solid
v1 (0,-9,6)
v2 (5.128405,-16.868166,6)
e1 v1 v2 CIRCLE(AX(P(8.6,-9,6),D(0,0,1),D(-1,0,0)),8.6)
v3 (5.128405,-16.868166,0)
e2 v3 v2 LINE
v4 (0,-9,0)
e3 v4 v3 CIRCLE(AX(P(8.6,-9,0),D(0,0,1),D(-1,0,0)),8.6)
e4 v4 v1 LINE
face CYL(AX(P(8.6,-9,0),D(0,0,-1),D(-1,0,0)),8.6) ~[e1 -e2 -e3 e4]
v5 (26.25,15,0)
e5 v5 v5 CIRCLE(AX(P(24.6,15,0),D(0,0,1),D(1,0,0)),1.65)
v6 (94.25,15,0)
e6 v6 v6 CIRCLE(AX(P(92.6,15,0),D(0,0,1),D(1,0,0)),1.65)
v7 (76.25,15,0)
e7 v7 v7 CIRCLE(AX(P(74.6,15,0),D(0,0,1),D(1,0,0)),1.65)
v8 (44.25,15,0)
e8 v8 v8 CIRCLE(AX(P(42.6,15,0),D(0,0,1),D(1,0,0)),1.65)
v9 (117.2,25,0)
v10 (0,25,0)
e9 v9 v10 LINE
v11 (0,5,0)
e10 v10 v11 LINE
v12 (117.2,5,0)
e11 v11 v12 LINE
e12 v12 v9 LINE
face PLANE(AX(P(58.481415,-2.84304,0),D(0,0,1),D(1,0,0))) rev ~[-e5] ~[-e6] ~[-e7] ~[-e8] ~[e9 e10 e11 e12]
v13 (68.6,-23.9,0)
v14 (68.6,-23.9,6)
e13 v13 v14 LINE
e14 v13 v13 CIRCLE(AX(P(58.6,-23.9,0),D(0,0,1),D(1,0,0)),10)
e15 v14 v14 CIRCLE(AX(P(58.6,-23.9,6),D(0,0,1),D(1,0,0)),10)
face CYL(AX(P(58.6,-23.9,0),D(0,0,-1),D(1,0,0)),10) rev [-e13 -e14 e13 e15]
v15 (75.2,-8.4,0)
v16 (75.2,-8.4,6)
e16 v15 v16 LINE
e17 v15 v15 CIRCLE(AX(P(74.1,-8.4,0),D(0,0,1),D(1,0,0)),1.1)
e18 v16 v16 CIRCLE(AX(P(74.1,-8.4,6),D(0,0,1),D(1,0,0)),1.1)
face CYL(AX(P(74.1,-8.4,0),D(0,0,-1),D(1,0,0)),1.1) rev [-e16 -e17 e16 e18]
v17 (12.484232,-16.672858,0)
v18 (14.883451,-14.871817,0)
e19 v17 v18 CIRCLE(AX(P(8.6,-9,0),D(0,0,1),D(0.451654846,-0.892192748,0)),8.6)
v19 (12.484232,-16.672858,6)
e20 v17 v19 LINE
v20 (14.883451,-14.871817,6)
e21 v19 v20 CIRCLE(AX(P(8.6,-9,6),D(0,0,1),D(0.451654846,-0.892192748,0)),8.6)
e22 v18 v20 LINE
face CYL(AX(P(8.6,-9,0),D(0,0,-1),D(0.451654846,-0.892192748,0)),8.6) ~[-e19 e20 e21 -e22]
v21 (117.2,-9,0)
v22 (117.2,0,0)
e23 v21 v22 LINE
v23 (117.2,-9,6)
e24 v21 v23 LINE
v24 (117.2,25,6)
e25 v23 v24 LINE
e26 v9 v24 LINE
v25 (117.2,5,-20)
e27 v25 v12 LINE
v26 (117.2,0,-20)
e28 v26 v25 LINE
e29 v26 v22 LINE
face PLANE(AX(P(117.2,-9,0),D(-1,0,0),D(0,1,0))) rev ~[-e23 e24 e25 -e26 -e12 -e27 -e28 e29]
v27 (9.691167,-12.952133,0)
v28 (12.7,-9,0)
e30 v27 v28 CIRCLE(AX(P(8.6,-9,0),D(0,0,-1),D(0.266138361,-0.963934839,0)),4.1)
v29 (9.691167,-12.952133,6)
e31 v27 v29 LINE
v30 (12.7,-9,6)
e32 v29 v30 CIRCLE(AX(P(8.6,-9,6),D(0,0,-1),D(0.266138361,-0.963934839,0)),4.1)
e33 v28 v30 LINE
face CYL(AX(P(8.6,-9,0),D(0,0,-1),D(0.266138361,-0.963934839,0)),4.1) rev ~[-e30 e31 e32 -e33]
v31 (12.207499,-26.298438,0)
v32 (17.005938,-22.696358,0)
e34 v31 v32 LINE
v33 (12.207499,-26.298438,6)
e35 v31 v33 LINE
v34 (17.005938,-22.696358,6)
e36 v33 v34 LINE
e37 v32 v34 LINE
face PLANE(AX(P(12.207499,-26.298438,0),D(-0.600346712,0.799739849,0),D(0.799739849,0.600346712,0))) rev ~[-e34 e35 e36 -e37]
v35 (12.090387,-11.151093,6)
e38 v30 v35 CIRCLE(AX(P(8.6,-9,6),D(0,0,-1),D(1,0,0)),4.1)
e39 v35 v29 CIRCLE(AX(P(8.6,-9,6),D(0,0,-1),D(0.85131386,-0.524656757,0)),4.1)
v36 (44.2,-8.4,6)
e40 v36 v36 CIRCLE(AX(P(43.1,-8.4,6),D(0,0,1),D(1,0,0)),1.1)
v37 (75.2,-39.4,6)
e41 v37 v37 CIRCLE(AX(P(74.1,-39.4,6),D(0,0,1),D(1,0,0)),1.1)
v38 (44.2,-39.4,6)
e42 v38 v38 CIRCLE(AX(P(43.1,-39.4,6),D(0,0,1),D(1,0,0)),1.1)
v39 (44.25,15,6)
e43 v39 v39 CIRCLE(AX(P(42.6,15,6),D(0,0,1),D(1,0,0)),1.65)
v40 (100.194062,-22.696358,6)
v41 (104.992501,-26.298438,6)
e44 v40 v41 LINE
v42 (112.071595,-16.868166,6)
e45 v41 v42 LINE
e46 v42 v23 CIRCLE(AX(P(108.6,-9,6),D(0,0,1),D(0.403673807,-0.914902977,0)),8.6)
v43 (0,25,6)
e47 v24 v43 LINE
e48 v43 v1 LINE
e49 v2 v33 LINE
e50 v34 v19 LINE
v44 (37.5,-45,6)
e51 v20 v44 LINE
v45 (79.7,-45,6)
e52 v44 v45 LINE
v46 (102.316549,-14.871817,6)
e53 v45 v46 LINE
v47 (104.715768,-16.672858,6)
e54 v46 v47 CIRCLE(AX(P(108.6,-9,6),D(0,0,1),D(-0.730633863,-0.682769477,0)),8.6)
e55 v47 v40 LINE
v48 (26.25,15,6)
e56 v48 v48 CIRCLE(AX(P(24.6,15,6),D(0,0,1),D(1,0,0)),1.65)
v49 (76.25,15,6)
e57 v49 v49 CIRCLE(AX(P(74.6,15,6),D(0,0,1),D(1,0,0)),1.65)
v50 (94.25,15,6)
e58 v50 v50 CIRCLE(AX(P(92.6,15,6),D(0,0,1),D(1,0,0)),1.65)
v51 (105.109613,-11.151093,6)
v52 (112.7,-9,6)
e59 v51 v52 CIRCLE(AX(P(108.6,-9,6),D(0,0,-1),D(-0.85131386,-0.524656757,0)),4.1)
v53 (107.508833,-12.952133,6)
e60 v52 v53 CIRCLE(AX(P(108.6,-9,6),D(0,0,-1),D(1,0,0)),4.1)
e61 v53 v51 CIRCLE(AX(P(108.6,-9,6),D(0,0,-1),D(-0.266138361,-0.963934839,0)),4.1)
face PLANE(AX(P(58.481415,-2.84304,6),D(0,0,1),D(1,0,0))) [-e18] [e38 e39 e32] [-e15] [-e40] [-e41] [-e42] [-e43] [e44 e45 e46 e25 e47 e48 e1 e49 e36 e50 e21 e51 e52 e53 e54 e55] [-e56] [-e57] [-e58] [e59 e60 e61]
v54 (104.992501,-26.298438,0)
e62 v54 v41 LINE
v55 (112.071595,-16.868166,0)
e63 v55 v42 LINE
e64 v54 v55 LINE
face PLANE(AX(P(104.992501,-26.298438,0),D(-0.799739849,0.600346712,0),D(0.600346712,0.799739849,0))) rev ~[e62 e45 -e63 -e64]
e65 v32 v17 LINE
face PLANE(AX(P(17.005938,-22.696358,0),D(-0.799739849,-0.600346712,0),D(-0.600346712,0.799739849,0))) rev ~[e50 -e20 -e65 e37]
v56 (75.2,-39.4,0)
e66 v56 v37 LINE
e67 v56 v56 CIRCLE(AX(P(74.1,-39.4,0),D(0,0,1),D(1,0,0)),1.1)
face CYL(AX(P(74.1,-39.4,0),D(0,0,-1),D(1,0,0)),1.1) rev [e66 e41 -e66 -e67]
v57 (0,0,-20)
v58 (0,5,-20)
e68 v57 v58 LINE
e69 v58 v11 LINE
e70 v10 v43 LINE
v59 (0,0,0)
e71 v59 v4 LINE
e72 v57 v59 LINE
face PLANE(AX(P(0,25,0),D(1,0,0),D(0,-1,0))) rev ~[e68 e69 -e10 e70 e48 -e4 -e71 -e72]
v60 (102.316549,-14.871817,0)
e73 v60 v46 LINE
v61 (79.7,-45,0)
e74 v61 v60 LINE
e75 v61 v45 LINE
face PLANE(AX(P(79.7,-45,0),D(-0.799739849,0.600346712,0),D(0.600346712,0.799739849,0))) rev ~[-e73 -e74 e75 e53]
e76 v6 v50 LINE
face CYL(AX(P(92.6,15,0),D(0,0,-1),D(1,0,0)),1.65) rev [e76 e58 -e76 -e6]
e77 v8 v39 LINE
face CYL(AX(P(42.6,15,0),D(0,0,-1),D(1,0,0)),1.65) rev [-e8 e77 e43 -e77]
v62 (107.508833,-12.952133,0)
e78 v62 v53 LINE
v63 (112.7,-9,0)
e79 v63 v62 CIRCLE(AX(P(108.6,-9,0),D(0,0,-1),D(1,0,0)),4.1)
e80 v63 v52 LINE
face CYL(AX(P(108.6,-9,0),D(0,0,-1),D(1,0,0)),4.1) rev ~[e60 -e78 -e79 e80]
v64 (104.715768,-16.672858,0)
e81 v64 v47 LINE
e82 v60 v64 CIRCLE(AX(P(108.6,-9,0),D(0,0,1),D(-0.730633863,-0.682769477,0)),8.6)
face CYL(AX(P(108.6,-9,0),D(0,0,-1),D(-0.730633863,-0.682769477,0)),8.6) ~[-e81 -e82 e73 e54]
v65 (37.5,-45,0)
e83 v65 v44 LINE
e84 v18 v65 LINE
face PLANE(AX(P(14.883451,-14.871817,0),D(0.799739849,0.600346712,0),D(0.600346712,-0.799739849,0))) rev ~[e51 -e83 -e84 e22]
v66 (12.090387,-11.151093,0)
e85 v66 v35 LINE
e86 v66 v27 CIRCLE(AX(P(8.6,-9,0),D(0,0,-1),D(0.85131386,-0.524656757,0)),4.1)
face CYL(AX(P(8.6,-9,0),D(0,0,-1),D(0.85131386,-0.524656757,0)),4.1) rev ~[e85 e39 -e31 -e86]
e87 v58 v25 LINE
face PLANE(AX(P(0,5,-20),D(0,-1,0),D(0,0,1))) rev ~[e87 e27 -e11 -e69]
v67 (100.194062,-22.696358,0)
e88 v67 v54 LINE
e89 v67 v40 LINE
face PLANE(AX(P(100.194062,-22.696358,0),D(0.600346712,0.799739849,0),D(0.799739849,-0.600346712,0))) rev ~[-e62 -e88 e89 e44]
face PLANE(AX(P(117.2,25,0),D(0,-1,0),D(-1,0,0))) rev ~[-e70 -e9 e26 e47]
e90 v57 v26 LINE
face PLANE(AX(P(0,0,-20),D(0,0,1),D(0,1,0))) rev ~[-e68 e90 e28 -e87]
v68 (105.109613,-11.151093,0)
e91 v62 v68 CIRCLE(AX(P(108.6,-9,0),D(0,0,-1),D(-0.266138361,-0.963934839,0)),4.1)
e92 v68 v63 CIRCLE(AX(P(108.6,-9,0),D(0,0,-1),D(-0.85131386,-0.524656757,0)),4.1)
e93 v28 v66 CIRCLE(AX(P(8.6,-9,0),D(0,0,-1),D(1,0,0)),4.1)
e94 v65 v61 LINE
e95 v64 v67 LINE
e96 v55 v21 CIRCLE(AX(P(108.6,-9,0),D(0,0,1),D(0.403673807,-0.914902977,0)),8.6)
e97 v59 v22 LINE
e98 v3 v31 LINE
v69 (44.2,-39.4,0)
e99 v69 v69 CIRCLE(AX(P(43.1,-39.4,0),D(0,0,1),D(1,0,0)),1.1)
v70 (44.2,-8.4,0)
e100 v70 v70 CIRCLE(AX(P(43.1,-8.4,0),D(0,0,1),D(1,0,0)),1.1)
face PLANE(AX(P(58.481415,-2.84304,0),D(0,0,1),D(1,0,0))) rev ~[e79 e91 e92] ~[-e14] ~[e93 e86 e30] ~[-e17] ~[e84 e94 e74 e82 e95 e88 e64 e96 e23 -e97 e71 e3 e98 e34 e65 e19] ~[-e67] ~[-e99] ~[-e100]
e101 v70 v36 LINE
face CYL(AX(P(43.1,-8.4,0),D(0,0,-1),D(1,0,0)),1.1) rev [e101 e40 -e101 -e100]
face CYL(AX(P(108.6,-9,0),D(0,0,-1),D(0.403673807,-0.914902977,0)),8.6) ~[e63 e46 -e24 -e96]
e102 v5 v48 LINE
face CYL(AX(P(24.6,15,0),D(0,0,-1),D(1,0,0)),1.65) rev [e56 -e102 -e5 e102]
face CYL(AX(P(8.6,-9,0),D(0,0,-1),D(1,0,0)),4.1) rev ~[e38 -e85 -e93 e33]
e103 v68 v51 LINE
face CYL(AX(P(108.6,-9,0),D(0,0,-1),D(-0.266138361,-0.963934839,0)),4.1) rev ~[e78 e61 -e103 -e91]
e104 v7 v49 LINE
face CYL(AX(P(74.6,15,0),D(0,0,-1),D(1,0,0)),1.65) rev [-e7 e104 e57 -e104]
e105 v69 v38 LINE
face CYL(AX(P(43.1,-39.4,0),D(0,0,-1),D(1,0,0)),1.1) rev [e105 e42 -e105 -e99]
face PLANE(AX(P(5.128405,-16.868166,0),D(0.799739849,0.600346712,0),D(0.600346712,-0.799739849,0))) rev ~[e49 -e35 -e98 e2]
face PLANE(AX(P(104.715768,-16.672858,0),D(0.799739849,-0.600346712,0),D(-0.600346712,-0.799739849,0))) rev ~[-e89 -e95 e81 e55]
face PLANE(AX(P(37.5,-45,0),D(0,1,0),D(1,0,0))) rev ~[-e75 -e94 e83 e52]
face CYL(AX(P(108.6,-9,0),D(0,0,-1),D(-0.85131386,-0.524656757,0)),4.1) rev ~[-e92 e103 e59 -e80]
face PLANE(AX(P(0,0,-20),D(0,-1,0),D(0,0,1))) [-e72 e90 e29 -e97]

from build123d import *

# Parameters (mm, degrees)
F0_R     = 1.1
F0_R_2   = 10
F0_R_3   = 1.65
F1_DEPTH = 6
F2_W     = 5
F2_H     = 20
F3_DEPTH = 117.2


with BuildPart() as f1:
    # F0 (on Top) → F1 (new body)
    with BuildSketch(Plane.XY):
        with BuildLine():
            Line((0, 25), (0, 0))
            Line((0, 0), (0, -9))
            ThreePointArc((0, -9), (8.6, -0.4), (17.2, -9))
            ThreePointArc((17.2, -9), (16.5999275153, -12.1561305026), (14.8834512211, -14.8718174999))
            Line((14.8834512211, -14.8718174999), (37.5, -45))
            Line((37.5, -45), (79.7, -45))
            Line((79.7, -45), (102.3165487789, -14.8718174999))
            ThreePointArc((102.3165487789, -14.8718174999), (105.4438694974, -1.0000724847), (117.2, -9))
            Line((117.2, -9), (117.2, 25))
            Line((117.2, 25), (0, 25))
        make_face()
        with Locations((43.1, -39.4)):
            Circle(F0_R, mode=Mode.SUBTRACT)
        with Locations((74.1, -39.4)):
            Circle(F0_R, mode=Mode.SUBTRACT)
        with Locations((58.6, -23.9)):
            Circle(F0_R_2, mode=Mode.SUBTRACT)
        with Locations((43.1, -8.4)):
            Circle(F0_R, mode=Mode.SUBTRACT)
        with Locations((24.6, 15)):
            Circle(F0_R_3, mode=Mode.SUBTRACT)
        with Locations((42.6, 15)):
            Circle(F0_R_3, mode=Mode.SUBTRACT)
        with Locations((74.1, -8.4)):
            Circle(F0_R, mode=Mode.SUBTRACT)
        with Locations((74.6, 15)):
            Circle(F0_R_3, mode=Mode.SUBTRACT)
        with Locations((92.6, 15)):
            Circle(F0_R_3, mode=Mode.SUBTRACT)
        with BuildLine():
            ThreePointArc((17.2, -9), (8.6, -0.4), (0, -9))
            ThreePointArc((0, -9), (1.3952892231, -13.6959708922), (5.1284052606, -16.8681656036))
            ThreePointArc((5.1284052606, -16.8681656036), (8.8282621536, -17.5969701866), (12.484231675, -16.6728576355))
            Line((12.484231675, -16.6728576355), (9.6911672785, -12.9521328381))
            ThreePointArc((9.6911672785, -12.9521328381), (5.3378085708, -6.5164325902), (12.7, -9))
            ThreePointArc((12.7, -9), (12.5446537225, -10.1179029518), (12.0903868245, -11.1510927026))
            Line((12.0903868245, -11.1510927026), (14.8834512211, -14.8718174999))
            ThreePointArc((14.8834512211, -14.8718174999), (16.5999275153, -12.1561305026), (17.2, -9))
        make_face()
        with BuildLine():
            ThreePointArc((12.484231675, -16.6728576355), (8.8282621536, -17.5969701866), (5.1284052606, -16.8681656036))
            Line((5.1284052606, -16.8681656036), (12.2074985246, -26.2984379178))
            Line((12.2074985246, -26.2984379178), (17.0059376167, -22.6963576466))
            Line((17.0059376167, -22.6963576466), (12.484231675, -16.6728576355))
        make_face()
        with BuildLine():
            ThreePointArc((112.0715947394, -16.8681656036), (115.8047107769, -13.6959708922), (117.2, -9))
            ThreePointArc((117.2, -9), (105.4438694974, -1.0000724847), (102.3165487789, -14.8718174999))
            Line((102.3165487789, -14.8718174999), (105.1096131755, -11.1510927026))
            ThreePointArc((105.1096131755, -11.1510927026), (107.4820970482, -5.0553462775), (112.7, -9))
            ThreePointArc((112.7, -9), (111.0835674098, -12.2621914292), (107.5088327215, -12.9521328381))
            Line((107.5088327215, -12.9521328381), (104.715768325, -16.6728576355))
            ThreePointArc((104.715768325, -16.6728576355), (108.3717378464, -17.5969701866), (112.0715947394, -16.8681656036))
        make_face()
        with BuildLine():
            ThreePointArc((12.484231675, -16.6728576355), (13.762981722, -15.8777626986), (14.8834512211, -14.8718174999))
            Line((14.8834512211, -14.8718174999), (12.0903868245, -11.1510927026))
            ThreePointArc((12.0903868245, -11.1510927026), (11.0614215186, -12.2789333796), (9.6911672785, -12.9521328381))
            Line((9.6911672785, -12.9521328381), (12.484231675, -16.6728576355))
        make_face()
        with BuildLine():
            Line((105.1096131755, -11.1510927026), (102.3165487789, -14.8718174999))
            ThreePointArc((102.3165487789, -14.8718174999), (103.437018278, -15.8777626986), (104.715768325, -16.6728576355))
            Line((104.715768325, -16.6728576355), (107.5088327215, -12.9521328381))
            ThreePointArc((107.5088327215, -12.9521328381), (106.1385784814, -12.2789333796), (105.1096131755, -11.1510927026))
        make_face()
        with BuildLine():
            Line((104.9925014754, -26.2984379178), (112.0715947394, -16.8681656036))
            ThreePointArc((112.0715947394, -16.8681656036), (108.3717378464, -17.5969701866), (104.715768325, -16.6728576355))
            Line((104.715768325, -16.6728576355), (100.1940623833, -22.6963576466))
            Line((100.1940623833, -22.6963576466), (104.9925014754, -26.2984379178))
        make_face()
    extrude(amount=F1_DEPTH)

    # F2 (on Right) → F3 (join)
    with BuildSketch(Plane.YZ):
        with Locations((2.5, -10)):
            Rectangle(F2_W, F2_H)
    extrude(amount=F3_DEPTH)


solid = f1.part
